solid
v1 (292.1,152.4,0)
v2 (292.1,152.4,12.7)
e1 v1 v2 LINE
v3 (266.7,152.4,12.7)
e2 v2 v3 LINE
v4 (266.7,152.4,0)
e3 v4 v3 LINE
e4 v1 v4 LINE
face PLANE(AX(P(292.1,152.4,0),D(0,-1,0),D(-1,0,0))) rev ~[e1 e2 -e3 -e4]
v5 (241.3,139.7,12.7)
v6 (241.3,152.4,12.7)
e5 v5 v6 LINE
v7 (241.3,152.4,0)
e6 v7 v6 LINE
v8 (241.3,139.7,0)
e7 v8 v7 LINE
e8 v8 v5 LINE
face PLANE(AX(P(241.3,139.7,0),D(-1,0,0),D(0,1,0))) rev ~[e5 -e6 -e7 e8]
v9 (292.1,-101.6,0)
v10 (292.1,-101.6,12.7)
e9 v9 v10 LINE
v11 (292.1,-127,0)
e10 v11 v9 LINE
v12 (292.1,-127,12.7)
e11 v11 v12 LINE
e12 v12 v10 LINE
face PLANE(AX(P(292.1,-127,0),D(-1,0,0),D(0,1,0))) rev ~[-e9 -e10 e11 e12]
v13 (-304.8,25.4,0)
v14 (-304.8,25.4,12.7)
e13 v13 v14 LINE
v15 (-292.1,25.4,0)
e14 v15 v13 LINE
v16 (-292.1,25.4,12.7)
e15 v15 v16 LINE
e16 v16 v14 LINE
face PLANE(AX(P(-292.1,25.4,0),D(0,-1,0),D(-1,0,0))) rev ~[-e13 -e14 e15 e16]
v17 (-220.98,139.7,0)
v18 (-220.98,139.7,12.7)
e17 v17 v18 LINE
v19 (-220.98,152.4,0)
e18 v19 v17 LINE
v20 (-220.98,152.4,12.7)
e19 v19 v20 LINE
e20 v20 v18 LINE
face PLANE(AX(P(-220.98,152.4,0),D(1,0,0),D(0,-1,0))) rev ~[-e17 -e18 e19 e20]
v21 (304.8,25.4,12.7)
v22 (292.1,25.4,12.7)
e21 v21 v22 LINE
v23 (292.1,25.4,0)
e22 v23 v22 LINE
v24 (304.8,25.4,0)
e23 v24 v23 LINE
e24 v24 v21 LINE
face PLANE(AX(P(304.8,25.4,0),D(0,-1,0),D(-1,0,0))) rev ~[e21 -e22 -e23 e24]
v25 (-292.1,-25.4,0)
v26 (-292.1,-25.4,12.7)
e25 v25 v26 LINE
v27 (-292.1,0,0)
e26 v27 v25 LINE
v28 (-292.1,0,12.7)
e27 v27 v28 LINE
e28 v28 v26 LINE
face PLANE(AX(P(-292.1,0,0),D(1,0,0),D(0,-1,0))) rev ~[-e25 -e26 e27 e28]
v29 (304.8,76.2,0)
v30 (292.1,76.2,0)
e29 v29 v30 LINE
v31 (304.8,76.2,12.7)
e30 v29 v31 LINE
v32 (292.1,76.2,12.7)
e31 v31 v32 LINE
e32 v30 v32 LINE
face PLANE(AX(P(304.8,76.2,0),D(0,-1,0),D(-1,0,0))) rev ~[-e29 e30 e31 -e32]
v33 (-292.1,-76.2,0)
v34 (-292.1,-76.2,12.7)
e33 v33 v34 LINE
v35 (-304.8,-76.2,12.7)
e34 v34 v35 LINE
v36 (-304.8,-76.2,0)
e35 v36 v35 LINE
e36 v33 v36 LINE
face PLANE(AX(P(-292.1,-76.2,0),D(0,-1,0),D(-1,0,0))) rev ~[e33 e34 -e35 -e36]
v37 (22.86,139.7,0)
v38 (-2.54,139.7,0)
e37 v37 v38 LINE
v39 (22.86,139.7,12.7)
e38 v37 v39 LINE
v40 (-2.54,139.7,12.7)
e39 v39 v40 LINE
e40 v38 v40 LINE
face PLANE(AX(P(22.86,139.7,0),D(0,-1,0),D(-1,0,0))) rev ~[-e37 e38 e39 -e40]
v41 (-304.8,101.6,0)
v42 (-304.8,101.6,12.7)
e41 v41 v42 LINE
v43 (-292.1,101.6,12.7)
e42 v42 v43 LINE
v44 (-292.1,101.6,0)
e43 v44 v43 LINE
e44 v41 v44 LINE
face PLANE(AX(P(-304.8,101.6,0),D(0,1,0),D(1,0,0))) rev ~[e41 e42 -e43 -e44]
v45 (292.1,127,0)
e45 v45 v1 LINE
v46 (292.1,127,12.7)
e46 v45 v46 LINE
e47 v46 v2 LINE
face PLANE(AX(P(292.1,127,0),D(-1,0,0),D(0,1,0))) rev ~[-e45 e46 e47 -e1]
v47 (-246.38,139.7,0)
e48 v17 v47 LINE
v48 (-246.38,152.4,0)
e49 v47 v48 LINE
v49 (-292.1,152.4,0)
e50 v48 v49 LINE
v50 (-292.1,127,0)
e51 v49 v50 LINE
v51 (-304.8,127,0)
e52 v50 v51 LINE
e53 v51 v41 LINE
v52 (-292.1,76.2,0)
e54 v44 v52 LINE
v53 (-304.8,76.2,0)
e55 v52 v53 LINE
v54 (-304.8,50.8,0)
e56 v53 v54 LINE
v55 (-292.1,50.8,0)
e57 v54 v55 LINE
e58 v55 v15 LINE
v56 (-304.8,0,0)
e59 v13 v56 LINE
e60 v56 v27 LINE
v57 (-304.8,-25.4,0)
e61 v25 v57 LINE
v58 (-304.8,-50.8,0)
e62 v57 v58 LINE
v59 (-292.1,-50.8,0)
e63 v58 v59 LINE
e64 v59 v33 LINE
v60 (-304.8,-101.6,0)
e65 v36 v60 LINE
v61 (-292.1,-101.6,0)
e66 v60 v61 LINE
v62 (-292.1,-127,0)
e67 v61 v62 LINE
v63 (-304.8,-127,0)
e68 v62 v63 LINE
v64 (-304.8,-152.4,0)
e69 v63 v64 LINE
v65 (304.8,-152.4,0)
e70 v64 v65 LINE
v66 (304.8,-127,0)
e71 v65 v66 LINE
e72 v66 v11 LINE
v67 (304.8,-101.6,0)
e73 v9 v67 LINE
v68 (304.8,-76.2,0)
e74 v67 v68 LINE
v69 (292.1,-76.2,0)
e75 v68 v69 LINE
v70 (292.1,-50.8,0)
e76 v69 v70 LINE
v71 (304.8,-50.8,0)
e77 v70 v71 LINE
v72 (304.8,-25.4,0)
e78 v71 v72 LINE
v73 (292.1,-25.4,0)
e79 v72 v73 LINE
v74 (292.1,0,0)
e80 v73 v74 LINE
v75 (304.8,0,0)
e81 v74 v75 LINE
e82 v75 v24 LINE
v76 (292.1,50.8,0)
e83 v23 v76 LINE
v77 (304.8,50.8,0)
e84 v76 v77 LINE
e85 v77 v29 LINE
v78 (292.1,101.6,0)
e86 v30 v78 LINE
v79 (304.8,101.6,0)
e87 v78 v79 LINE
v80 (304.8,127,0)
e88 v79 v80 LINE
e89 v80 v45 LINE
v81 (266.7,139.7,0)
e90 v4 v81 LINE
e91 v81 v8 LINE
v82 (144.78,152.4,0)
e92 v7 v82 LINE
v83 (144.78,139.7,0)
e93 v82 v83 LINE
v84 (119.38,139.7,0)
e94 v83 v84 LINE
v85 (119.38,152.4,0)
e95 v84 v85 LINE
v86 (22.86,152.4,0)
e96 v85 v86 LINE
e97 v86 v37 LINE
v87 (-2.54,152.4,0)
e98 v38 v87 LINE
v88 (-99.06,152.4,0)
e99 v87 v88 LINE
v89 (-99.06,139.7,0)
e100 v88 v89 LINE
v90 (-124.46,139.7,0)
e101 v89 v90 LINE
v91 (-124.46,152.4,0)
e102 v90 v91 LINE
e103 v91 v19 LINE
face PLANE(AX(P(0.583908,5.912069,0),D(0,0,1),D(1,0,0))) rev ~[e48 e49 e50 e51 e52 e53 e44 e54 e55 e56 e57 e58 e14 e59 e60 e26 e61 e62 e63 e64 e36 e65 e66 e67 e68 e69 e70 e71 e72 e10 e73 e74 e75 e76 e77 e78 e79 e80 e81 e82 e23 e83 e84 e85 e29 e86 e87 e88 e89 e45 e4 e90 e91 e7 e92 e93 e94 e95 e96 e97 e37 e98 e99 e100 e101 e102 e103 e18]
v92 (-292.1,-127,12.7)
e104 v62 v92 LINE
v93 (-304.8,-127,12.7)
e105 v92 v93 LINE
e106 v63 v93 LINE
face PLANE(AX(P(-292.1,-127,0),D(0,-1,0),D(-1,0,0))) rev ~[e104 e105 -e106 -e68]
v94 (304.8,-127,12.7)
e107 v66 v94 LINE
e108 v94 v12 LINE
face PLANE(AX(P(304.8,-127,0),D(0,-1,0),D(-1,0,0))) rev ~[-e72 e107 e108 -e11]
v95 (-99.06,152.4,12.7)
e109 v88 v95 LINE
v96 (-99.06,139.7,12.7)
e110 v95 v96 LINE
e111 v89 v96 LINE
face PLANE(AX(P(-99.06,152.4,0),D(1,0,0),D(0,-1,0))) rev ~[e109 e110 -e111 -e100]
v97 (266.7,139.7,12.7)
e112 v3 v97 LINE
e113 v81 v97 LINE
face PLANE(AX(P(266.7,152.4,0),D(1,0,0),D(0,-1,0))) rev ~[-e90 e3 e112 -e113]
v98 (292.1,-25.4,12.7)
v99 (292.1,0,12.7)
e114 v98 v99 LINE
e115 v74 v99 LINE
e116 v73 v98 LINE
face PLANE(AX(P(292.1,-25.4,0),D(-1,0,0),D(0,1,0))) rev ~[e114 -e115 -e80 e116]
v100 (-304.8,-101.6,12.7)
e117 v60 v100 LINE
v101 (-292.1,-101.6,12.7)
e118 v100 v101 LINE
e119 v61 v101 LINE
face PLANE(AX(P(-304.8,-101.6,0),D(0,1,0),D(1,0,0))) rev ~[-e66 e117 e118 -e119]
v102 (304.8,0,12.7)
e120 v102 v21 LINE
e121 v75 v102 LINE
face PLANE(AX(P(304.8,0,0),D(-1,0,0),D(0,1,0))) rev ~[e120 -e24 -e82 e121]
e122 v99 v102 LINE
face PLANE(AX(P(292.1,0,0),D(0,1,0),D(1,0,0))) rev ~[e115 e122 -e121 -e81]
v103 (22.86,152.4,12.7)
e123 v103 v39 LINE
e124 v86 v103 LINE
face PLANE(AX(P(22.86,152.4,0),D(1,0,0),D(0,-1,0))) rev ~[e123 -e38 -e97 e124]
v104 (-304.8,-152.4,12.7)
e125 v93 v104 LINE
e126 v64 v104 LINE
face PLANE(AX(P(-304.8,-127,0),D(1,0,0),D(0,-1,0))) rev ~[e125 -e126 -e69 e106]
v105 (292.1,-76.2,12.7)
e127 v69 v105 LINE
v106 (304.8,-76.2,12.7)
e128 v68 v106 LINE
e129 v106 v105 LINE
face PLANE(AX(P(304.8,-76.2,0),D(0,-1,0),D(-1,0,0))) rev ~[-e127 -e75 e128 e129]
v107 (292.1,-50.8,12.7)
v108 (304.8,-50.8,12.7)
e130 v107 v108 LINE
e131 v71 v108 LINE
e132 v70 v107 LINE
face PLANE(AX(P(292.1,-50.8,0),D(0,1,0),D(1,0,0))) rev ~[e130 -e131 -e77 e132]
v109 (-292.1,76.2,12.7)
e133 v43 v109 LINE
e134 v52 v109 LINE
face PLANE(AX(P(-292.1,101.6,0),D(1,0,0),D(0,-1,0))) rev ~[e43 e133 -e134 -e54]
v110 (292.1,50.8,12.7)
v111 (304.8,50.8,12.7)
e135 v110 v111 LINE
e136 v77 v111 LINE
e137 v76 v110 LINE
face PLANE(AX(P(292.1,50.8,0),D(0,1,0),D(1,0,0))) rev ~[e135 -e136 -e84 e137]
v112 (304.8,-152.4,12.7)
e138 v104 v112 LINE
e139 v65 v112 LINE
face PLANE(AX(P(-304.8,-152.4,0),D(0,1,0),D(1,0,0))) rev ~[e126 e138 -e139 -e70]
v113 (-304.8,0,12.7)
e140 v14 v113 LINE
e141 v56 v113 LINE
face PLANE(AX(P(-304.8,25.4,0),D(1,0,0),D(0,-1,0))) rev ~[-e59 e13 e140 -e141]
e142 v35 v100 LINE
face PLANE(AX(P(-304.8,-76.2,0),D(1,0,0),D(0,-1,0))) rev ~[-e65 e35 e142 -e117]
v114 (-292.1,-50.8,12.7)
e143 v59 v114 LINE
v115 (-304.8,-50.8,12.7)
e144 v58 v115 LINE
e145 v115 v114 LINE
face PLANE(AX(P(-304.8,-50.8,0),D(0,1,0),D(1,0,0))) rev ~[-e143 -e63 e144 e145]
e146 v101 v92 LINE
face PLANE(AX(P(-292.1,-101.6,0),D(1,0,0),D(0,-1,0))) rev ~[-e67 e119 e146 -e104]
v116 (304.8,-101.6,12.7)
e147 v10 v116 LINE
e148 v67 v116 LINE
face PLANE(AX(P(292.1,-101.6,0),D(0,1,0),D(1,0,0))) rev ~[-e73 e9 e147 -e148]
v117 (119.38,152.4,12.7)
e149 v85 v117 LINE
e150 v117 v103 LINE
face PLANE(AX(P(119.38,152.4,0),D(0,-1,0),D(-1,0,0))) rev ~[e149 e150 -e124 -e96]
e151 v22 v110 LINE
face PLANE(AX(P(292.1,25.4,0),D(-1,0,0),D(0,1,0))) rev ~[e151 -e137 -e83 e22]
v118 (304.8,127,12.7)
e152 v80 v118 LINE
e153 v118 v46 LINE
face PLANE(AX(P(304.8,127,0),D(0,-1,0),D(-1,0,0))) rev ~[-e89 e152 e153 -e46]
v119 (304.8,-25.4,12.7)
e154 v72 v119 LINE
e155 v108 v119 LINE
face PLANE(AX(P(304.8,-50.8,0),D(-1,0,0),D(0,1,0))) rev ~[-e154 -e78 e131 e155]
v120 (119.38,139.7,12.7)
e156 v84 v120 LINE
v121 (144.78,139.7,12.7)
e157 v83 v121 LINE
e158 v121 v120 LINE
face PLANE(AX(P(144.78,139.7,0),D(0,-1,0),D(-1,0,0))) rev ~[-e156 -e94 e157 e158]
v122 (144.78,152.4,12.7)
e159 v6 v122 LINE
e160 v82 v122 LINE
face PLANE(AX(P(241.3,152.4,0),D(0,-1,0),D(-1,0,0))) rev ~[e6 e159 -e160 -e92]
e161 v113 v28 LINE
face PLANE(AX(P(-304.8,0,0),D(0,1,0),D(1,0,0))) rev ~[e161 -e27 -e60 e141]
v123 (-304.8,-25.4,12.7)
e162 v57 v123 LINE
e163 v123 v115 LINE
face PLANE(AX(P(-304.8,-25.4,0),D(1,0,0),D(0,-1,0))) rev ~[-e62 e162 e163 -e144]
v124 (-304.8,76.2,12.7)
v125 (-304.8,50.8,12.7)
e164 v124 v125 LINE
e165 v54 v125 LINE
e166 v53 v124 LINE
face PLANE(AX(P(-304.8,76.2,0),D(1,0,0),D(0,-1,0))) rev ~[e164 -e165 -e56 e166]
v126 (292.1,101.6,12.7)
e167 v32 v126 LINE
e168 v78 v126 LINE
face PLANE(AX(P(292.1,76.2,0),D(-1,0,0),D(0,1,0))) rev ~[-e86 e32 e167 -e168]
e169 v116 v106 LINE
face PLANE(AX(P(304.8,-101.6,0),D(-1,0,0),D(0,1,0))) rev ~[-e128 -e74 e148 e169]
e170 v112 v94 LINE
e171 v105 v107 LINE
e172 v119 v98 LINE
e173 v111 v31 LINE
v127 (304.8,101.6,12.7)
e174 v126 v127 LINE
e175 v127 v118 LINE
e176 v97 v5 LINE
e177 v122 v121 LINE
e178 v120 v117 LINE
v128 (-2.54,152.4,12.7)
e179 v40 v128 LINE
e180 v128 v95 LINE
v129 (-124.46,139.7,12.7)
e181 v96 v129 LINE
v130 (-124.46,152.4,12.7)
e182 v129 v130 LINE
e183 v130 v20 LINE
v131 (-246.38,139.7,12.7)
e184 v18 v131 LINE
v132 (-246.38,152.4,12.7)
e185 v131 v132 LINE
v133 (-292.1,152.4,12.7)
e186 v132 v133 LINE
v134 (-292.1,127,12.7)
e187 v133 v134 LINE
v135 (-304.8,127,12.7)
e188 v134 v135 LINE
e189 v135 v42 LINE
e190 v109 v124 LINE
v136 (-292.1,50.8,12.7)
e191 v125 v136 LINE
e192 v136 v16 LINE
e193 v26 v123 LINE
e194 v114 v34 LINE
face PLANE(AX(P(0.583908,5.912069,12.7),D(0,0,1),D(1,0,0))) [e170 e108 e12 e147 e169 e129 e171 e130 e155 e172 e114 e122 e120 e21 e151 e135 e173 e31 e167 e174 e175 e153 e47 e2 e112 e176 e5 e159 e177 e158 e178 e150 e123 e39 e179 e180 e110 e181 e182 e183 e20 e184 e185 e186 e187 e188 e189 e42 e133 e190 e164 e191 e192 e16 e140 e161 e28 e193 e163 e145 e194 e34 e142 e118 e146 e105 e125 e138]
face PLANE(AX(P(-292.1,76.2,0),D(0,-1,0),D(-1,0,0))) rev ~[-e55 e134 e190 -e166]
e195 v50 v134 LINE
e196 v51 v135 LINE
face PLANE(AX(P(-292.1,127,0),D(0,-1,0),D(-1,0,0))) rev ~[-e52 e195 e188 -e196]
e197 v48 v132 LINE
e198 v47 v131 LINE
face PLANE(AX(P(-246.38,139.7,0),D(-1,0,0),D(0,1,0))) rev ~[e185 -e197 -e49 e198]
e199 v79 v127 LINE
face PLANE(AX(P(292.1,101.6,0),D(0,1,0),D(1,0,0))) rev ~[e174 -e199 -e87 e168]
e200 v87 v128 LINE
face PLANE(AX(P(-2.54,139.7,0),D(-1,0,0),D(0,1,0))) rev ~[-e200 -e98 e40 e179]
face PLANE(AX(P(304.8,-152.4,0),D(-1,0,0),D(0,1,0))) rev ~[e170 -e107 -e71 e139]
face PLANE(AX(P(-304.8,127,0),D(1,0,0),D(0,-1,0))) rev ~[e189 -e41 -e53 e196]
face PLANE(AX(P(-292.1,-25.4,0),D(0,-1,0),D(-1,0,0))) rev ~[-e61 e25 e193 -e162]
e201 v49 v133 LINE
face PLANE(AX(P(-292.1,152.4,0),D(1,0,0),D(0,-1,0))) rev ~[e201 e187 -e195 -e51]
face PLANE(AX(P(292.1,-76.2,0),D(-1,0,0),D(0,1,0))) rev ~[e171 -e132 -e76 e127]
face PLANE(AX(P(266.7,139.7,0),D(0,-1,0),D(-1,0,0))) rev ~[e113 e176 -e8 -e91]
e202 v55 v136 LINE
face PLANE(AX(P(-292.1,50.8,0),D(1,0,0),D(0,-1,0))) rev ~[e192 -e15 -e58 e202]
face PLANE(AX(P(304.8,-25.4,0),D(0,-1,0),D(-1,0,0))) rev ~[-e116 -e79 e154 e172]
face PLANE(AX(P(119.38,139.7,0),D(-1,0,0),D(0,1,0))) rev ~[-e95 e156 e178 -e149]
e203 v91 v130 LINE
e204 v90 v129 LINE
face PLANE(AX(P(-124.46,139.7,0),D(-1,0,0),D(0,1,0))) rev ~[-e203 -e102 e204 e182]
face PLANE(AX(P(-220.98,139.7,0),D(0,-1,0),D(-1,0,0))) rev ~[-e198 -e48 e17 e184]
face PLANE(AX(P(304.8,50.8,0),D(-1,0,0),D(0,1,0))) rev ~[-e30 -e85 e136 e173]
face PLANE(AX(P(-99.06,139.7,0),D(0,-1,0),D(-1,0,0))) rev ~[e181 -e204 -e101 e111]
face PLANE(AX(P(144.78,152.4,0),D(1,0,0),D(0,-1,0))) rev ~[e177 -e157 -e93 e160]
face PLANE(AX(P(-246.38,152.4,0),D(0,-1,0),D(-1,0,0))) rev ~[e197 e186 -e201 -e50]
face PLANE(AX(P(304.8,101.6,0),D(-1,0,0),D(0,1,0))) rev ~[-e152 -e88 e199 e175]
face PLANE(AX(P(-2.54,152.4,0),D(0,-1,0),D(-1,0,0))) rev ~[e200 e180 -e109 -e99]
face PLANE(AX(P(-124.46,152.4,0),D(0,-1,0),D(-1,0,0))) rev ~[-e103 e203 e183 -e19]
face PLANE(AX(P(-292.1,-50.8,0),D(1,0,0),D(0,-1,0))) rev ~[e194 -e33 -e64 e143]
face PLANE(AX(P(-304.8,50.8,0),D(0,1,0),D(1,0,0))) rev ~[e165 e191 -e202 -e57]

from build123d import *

# Parameters (mm, degrees)
F1_DEPTH = 12.7


with BuildPart() as f1:
    # F0 (on Top) → F1 (new body)
    with BuildSketch(Plane.XY):
        Polygon((-246.38, 152.4), (-292.1, 152.4), (-292.1, 127), (-304.8, 127), (-304.8, 101.6), (-292.1, 101.6), (-292.1, 76.2), (-304.8, 76.2), (-304.8, 50.8), (-292.1, 50.8), (-292.1, 25.4), (-304.8, 25.4), (-304.8, 0), (-292.1, 0), (-292.1, -25.4), (-304.8, -25.4), (-304.8, -50.8), (-292.1, -50.8), (-292.1, -76.2), (-304.8, -76.2), (-304.8, -101.6), (-292.1, -101.6), (-292.1, -127), (-304.8, -127), (-304.8, -152.4), (304.8, -152.4), (304.8, -127), (292.1, -127), (292.1, -101.6), (304.8, -101.6), (304.8, -76.2), (292.1, -76.2), (292.1, -50.8), (304.8, -50.8), (304.8, -25.4), (292.1, -25.4), (292.1, 0), (304.8, 0), (304.8, 25.4), (292.1, 25.4), (292.1, 50.8), (304.8, 50.8), (304.8, 76.2), (292.1, 76.2), (292.1, 101.6), (304.8, 101.6), (304.8, 127), (292.1, 127), (292.1, 152.4), (266.7, 152.4), (266.7, 139.7), (241.3, 139.7), (241.3, 152.4), (144.78, 152.4), (144.78, 139.7), (119.38, 139.7), (119.38, 152.4), (22.86, 152.4), (22.86, 139.7), (-2.54, 139.7), (-2.54, 152.4), (-99.06, 152.4), (-99.06, 139.7), (-124.46, 139.7), (-124.46, 152.4), (-220.98, 152.4), (-220.98, 139.7), (-246.38, 139.7), align=None)
    extrude(amount=F1_DEPTH)


solid = f1.part
